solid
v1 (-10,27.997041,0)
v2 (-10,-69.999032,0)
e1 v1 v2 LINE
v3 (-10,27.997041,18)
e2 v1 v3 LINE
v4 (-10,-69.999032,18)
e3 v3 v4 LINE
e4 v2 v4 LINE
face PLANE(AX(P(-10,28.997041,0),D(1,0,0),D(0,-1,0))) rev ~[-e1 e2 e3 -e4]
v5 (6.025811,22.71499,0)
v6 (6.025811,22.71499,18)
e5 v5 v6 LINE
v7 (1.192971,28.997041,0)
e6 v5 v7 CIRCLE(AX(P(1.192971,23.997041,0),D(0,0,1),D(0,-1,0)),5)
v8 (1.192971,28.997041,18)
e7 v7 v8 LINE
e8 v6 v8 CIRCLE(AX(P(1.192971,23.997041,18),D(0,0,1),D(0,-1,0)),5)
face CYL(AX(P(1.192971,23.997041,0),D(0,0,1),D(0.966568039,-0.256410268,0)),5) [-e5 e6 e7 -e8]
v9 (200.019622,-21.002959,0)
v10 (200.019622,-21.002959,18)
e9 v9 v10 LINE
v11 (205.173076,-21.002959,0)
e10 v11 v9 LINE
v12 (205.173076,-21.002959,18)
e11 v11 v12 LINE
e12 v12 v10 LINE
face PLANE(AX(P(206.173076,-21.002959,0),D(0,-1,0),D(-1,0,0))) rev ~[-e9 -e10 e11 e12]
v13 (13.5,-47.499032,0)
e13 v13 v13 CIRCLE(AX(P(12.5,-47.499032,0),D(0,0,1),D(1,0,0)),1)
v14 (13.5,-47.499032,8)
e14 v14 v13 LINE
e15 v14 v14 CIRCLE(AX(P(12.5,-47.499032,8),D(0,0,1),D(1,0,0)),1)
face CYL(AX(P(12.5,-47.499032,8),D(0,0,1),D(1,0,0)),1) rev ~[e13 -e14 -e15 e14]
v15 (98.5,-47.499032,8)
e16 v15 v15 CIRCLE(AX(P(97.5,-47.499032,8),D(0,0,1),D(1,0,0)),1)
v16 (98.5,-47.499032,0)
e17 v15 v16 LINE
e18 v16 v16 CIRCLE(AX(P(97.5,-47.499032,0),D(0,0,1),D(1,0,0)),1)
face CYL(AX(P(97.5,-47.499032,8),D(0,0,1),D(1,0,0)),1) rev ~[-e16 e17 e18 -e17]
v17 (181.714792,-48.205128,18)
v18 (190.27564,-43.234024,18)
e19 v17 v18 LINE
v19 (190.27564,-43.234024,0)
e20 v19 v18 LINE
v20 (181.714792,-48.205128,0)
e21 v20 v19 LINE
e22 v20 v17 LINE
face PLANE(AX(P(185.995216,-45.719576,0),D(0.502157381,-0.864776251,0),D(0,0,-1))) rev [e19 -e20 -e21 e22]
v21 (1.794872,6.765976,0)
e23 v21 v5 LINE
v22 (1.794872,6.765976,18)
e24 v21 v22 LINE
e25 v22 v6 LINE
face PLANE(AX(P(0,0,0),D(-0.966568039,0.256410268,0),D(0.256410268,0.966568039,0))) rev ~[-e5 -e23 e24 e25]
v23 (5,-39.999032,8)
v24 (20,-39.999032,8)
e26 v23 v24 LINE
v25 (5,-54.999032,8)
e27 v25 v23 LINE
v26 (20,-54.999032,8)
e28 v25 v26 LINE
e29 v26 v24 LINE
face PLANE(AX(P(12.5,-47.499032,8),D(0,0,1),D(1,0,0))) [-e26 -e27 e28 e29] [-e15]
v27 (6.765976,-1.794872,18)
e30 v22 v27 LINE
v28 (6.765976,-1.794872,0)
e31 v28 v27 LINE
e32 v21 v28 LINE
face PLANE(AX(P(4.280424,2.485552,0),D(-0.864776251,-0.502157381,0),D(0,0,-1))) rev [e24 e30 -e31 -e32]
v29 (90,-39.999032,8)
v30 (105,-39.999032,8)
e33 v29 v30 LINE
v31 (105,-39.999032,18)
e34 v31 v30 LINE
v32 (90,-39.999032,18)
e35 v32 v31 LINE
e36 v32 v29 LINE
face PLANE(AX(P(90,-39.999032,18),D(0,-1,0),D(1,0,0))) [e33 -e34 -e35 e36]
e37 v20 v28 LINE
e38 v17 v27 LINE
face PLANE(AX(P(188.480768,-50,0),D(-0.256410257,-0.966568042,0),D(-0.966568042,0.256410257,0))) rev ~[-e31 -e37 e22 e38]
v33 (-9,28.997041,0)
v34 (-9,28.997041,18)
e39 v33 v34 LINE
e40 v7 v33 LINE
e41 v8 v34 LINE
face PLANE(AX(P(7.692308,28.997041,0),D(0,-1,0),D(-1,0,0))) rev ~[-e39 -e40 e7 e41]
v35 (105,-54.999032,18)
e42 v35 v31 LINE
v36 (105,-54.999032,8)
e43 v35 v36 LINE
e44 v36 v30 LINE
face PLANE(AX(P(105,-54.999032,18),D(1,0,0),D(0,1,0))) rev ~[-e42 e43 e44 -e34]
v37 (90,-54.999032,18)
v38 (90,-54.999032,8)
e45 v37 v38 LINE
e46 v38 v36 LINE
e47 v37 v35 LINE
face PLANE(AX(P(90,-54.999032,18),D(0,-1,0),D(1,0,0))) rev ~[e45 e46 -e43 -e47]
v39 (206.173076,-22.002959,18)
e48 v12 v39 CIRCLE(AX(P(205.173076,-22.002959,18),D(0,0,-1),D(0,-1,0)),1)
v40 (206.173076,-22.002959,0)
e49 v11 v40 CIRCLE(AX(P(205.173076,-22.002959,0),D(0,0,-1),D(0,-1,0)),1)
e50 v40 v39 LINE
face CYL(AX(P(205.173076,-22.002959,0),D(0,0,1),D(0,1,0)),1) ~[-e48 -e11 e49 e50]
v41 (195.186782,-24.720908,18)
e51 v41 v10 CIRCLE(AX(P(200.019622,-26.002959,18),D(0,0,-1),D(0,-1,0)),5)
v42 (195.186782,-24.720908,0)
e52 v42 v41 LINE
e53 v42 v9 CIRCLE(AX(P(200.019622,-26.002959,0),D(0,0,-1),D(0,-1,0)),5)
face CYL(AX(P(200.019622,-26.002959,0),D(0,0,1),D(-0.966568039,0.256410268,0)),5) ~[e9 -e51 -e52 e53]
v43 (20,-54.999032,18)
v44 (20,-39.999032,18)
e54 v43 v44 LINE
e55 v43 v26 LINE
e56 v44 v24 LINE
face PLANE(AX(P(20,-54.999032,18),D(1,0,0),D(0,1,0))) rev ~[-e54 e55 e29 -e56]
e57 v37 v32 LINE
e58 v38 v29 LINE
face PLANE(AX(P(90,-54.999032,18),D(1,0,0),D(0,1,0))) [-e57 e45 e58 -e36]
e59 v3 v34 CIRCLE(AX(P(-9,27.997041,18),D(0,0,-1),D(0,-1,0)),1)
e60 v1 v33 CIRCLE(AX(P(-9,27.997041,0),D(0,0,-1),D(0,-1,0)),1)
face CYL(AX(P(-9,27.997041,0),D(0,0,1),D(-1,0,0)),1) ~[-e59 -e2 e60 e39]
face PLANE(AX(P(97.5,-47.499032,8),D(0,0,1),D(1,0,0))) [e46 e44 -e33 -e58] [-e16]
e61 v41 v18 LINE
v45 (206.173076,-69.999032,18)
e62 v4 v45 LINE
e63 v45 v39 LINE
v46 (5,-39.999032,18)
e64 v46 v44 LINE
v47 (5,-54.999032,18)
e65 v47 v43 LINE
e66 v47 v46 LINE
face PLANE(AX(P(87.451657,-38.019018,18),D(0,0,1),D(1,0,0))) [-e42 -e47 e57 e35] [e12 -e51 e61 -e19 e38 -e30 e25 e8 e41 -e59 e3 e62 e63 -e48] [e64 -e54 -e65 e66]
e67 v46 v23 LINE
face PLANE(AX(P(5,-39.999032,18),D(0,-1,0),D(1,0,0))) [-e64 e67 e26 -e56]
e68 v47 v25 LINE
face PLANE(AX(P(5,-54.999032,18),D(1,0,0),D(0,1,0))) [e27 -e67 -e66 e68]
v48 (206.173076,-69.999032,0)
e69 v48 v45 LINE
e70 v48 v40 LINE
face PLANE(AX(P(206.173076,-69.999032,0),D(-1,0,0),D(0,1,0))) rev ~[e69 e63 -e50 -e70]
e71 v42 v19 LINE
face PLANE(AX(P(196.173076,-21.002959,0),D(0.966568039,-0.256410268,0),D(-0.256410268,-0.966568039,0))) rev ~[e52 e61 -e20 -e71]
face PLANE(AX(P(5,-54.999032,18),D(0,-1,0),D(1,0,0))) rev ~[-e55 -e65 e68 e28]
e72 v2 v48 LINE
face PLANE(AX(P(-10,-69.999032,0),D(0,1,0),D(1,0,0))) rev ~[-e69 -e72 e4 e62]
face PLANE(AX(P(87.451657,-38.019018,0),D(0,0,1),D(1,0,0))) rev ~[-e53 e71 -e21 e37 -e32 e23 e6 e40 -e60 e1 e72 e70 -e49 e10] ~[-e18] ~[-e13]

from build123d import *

# Parameters (mm, degrees)
PAD_DEPTH       = 18
FILLET_R        = 5
FILLET001_R     = 5
FILLET002_R     = 1
FILLET003_R     = 1
CHAMFER_SIZE    = 7
CHAMFER001_SIZE = 7
SKETCH001_W     = 15
SKETCH001_H     = 15
POCKET_DEPTH    = 10
SKETCH002_R     = 1
POCKET001_DEPTH = 8
SKETCH003_R     = 1
POCKET002_DEPTH = 8


with BuildPart() as part:
    # Sketch → Pad (new body)
    with BuildSketch(Plane.XY):
        Polygon((206.173076, -21.002959), (196.173076, -21.002959), (188.480768, -50), (0, 0), (7.692308, 28.997041), (-10, 28.997041), (-10, -69.999032), (206.173076, -69.999032), align=None)
    extrude(amount=PAD_DEPTH)

    # Fillet
    fillet_edges = [part.edges().sort_by_distance(p)[0] for p in [
        (7.692308, 28.997041, 9),
    ]]
    fillet(fillet_edges, radius=FILLET_R)

    # Fillet001
    fillet001_edges = [part.edges().sort_by_distance(p)[0] for p in [
        (196.173076, -21.002959, 9),
    ]]
    fillet(fillet001_edges, radius=FILLET001_R)

    # Fillet002
    fillet002_edges = [part.edges().sort_by_distance(p)[0] for p in [
        (206.173076, -21.002959, 9),
    ]]
    fillet(fillet002_edges, radius=FILLET002_R)

    # Fillet003
    fillet003_edges = [part.edges().sort_by_distance(p)[0] for p in [
        (-10, 28.997041, 9),
    ]]
    fillet(fillet003_edges, radius=FILLET003_R)

    # Chamfer
    chamfer_edges = [part.edges().sort_by_distance(p)[0] for p in [
        (0, 0, 9),
    ]]
    chamfer(chamfer_edges, length=CHAMFER_SIZE)

    # Chamfer001
    chamfer001_edges = [part.edges().sort_by_distance(p)[0] for p in [
        (188.480768, -50, 9),
    ]]
    chamfer(chamfer001_edges, length=CHAMFER001_SIZE)

    # Sketch001 → Pocket (cut)
    with BuildSketch(Plane.XY.offset(18)):
        with Locations((12.5, -47.499032)):
            Rectangle(SKETCH001_W, SKETCH001_H)
        with Locations((97.5, -47.499032)):
            Rectangle(SKETCH001_W, SKETCH001_H)
    extrude(amount=-POCKET_DEPTH, mode=Mode.SUBTRACT)

    # Sketch002 → Pocket001 (cut)
    with BuildSketch(Plane.XY.offset(8)):
        with Locations((12.5, -47.499032)):
            Circle(SKETCH002_R)
    extrude(amount=-POCKET001_DEPTH, mode=Mode.SUBTRACT)

    # Sketch003 → Pocket002 (cut)
    with BuildSketch(Plane.XY.offset(8)):
        with Locations((97.5, -47.499032)):
            Circle(SKETCH003_R)
    extrude(amount=-POCKET002_DEPTH, mode=Mode.SUBTRACT)


solid = part.part
